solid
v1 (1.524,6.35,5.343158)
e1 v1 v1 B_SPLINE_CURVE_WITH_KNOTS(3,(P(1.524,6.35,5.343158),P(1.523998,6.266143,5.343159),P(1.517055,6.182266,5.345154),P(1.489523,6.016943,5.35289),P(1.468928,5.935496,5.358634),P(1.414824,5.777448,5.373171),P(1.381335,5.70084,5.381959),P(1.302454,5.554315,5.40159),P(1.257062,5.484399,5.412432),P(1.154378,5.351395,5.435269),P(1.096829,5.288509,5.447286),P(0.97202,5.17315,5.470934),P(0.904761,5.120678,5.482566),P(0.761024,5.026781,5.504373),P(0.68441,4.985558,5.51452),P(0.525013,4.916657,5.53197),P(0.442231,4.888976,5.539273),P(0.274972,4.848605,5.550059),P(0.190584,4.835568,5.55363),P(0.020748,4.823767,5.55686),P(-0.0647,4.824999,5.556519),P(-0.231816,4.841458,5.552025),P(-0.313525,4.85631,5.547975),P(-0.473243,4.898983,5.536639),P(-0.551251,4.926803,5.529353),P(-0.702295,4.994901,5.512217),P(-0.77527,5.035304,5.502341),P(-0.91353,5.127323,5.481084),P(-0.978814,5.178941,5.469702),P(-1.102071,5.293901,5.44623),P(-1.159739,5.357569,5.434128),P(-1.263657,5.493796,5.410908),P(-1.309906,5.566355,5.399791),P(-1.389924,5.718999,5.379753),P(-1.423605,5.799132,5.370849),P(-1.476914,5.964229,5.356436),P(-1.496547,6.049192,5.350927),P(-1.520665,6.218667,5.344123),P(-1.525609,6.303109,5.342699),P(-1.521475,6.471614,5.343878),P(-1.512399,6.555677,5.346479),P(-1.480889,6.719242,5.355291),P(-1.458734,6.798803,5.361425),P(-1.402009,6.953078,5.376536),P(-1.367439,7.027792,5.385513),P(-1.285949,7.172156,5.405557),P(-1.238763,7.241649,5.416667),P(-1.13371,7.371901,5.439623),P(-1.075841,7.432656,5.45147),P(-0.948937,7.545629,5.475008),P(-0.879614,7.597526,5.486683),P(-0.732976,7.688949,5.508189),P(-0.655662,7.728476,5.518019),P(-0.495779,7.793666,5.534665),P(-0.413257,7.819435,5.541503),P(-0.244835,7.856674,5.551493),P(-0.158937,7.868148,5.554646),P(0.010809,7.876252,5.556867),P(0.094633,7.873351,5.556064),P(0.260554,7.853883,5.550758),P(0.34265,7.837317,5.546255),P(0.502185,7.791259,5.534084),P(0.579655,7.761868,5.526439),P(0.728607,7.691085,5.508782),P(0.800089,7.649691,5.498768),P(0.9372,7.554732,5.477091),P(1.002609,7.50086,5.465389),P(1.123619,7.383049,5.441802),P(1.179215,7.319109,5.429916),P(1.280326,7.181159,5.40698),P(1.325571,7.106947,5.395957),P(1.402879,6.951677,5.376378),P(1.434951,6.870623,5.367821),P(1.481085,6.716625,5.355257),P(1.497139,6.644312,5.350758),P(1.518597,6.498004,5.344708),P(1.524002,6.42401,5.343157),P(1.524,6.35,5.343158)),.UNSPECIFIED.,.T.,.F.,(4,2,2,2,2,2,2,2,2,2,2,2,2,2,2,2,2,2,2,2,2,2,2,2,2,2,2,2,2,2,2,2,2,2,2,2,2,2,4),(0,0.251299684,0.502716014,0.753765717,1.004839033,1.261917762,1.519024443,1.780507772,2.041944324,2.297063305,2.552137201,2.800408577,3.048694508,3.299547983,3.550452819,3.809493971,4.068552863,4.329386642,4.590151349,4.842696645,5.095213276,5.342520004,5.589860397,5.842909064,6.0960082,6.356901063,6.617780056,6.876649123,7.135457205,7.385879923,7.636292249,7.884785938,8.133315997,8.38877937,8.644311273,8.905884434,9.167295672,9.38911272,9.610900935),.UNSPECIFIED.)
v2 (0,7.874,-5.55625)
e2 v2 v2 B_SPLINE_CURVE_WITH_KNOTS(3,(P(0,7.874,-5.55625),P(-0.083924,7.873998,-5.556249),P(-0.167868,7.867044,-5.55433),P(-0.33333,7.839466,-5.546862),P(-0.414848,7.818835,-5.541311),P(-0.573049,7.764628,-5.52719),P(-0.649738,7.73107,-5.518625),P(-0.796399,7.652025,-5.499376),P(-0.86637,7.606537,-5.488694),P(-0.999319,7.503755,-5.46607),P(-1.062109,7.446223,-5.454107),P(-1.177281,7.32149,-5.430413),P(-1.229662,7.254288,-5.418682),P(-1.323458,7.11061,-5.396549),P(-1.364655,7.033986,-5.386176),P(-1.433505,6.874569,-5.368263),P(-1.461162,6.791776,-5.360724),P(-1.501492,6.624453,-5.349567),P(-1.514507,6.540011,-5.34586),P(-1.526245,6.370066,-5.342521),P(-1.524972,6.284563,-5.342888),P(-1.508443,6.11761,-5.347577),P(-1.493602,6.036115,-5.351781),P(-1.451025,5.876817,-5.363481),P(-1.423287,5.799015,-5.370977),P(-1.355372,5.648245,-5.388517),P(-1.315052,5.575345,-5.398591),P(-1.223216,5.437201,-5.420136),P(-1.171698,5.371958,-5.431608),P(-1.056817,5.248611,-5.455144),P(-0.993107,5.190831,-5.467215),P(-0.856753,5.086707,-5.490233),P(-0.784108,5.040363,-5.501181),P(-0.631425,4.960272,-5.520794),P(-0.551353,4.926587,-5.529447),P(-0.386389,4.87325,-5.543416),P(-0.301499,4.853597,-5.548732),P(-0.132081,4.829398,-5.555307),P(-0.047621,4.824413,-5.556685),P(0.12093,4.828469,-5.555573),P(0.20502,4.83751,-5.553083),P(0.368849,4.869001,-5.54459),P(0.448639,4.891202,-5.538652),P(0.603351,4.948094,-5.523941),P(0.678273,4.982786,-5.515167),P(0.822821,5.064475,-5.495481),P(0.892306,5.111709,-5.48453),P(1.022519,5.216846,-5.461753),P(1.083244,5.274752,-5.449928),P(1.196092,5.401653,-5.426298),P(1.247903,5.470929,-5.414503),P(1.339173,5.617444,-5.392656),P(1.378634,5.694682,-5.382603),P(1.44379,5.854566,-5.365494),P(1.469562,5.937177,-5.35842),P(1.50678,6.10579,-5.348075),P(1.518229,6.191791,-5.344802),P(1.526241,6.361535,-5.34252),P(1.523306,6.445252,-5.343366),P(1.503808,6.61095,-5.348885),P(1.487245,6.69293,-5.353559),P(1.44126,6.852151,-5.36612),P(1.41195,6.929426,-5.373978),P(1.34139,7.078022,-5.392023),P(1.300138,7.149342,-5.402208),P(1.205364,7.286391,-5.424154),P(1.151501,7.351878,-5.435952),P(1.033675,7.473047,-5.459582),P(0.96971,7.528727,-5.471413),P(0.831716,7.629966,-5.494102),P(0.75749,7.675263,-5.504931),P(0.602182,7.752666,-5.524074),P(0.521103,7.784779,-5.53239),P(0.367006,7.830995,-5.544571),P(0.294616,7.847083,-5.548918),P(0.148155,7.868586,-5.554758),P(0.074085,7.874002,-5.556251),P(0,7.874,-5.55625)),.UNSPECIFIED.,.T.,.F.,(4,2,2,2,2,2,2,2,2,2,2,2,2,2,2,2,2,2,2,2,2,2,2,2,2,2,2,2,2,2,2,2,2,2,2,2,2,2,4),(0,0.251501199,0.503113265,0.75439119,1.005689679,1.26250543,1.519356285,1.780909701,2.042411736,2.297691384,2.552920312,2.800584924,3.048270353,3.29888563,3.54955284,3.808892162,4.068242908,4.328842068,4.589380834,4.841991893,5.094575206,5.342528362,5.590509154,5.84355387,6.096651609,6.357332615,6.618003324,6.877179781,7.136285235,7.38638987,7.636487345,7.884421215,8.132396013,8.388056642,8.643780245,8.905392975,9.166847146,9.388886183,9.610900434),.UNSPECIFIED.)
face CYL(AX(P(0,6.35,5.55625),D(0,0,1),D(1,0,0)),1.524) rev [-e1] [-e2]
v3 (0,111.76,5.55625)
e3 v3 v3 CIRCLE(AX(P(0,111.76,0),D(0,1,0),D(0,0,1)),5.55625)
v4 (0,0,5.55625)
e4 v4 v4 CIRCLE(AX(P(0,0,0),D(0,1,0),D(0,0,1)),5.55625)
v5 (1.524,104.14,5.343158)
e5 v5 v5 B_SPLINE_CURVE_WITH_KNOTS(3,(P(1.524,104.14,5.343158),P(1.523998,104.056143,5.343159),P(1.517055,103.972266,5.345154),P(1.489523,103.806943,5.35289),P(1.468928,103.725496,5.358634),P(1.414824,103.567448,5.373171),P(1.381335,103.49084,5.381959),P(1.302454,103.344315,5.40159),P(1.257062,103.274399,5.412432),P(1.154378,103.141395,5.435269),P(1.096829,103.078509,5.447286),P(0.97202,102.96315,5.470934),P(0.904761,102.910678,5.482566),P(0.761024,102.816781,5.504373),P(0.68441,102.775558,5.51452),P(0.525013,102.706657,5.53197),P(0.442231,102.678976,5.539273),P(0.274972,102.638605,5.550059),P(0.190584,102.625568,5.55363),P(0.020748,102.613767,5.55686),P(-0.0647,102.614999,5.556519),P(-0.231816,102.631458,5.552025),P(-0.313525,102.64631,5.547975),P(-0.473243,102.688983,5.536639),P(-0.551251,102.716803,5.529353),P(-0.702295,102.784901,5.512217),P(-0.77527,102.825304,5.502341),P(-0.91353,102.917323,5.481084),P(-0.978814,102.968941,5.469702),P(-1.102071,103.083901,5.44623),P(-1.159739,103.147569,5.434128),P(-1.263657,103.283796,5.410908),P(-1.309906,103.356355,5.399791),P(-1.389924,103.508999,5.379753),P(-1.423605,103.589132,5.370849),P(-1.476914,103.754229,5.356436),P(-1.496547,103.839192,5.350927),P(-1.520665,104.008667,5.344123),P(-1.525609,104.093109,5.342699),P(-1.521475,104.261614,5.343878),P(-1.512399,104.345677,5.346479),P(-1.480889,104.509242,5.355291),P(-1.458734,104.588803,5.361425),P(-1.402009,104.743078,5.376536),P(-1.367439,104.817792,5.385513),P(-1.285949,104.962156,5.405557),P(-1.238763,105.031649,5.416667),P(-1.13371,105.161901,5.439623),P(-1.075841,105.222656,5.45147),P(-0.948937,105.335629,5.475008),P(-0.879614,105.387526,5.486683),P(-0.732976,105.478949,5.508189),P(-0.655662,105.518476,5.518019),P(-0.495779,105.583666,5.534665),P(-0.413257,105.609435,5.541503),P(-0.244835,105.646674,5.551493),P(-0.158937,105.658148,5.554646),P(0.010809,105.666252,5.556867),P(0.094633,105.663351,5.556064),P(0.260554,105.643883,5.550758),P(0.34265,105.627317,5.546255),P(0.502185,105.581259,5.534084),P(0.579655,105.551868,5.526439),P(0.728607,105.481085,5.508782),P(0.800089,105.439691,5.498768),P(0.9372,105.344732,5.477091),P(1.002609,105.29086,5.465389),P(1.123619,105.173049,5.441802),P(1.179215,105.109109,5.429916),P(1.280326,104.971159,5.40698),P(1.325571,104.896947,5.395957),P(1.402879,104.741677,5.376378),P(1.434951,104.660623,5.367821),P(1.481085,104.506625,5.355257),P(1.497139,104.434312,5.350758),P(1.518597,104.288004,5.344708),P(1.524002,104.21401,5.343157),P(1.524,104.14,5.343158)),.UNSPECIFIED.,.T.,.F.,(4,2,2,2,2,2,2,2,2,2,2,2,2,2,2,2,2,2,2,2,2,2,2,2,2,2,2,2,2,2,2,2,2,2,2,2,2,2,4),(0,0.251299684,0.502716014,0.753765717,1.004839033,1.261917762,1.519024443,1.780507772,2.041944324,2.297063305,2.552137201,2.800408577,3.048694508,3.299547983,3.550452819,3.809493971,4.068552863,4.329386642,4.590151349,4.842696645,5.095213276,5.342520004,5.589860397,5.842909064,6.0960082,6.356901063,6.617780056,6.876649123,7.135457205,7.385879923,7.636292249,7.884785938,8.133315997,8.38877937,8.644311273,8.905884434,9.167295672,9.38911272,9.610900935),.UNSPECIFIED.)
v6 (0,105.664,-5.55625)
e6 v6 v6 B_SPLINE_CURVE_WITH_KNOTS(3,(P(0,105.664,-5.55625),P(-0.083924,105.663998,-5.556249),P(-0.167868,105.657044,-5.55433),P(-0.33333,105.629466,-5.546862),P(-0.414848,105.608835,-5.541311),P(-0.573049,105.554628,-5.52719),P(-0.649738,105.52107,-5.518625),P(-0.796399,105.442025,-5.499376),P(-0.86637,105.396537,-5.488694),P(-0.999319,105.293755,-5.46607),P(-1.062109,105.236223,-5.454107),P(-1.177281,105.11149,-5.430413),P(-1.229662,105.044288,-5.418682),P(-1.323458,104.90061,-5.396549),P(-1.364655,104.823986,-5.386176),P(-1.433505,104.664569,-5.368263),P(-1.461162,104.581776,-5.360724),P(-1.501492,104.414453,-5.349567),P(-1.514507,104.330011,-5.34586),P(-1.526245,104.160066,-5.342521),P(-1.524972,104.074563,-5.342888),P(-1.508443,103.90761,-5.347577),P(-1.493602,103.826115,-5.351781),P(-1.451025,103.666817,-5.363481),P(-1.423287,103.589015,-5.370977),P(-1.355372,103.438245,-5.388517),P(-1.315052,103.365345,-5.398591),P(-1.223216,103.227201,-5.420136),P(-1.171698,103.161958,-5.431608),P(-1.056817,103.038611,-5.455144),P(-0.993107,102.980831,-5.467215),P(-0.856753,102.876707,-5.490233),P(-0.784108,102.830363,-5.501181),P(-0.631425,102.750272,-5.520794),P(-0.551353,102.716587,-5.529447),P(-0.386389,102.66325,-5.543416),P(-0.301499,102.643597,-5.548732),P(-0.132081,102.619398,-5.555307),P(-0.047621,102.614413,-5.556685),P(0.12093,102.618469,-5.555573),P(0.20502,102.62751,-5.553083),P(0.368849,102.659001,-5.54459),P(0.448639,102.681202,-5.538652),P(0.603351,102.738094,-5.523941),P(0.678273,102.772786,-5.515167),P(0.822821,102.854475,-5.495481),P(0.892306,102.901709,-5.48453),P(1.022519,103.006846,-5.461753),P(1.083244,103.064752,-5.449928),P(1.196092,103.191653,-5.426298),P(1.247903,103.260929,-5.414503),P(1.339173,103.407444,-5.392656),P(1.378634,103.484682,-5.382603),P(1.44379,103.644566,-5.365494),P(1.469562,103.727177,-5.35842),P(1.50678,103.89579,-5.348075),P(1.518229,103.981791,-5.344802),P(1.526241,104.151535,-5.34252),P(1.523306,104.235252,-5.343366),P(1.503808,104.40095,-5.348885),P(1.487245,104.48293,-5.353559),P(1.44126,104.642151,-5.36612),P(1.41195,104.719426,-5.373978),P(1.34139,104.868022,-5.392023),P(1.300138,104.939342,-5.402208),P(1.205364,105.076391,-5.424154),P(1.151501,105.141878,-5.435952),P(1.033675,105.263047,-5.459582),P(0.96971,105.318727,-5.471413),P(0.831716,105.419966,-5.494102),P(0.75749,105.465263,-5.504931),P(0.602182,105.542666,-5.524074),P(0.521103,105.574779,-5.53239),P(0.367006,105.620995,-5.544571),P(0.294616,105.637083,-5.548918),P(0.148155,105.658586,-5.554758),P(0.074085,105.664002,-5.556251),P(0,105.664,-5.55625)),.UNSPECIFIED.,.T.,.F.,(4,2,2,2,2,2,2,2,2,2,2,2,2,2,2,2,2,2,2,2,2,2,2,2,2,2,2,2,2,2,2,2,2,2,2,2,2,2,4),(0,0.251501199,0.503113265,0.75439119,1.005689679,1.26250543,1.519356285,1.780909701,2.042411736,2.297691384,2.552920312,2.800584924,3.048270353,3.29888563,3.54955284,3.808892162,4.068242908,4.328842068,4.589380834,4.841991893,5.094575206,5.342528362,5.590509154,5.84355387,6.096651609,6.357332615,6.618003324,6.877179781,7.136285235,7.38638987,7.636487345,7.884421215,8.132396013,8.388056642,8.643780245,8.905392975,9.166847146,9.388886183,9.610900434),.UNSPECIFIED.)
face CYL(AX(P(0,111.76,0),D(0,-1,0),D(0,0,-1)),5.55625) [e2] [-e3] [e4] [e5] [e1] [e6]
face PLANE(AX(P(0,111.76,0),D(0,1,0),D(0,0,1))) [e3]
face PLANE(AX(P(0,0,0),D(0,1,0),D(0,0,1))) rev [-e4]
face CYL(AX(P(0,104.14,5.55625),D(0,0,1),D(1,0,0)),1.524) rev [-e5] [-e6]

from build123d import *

# Parameters (mm, degrees)
SKETCH1_R                  = 5.55625
BOSS_EXTRUDE1_DEPTH        = 111.76
F_31_0_12_DIAMETER_HOLE1_D = 3.048


with BuildPart() as part:
    # Sketch1 → Boss-Extrude1 (new body)
    with BuildSketch(Plane(origin=(0, 0, 0), x_dir=(1, 0, 0), z_dir=(0, 1, 0))):
        Circle(SKETCH1_R)
    extrude(amount=BOSS_EXTRUDE1_DEPTH)

    # #31 (0.12) Diameter Hole1 (through all)
    with Locations(Plane.XY.offset(5.55625)):
        with Locations((0, 104.14), (0, 6.35)):
            Hole(F_31_0_12_DIAMETER_HOLE1_D / 2)


solid = part.part
